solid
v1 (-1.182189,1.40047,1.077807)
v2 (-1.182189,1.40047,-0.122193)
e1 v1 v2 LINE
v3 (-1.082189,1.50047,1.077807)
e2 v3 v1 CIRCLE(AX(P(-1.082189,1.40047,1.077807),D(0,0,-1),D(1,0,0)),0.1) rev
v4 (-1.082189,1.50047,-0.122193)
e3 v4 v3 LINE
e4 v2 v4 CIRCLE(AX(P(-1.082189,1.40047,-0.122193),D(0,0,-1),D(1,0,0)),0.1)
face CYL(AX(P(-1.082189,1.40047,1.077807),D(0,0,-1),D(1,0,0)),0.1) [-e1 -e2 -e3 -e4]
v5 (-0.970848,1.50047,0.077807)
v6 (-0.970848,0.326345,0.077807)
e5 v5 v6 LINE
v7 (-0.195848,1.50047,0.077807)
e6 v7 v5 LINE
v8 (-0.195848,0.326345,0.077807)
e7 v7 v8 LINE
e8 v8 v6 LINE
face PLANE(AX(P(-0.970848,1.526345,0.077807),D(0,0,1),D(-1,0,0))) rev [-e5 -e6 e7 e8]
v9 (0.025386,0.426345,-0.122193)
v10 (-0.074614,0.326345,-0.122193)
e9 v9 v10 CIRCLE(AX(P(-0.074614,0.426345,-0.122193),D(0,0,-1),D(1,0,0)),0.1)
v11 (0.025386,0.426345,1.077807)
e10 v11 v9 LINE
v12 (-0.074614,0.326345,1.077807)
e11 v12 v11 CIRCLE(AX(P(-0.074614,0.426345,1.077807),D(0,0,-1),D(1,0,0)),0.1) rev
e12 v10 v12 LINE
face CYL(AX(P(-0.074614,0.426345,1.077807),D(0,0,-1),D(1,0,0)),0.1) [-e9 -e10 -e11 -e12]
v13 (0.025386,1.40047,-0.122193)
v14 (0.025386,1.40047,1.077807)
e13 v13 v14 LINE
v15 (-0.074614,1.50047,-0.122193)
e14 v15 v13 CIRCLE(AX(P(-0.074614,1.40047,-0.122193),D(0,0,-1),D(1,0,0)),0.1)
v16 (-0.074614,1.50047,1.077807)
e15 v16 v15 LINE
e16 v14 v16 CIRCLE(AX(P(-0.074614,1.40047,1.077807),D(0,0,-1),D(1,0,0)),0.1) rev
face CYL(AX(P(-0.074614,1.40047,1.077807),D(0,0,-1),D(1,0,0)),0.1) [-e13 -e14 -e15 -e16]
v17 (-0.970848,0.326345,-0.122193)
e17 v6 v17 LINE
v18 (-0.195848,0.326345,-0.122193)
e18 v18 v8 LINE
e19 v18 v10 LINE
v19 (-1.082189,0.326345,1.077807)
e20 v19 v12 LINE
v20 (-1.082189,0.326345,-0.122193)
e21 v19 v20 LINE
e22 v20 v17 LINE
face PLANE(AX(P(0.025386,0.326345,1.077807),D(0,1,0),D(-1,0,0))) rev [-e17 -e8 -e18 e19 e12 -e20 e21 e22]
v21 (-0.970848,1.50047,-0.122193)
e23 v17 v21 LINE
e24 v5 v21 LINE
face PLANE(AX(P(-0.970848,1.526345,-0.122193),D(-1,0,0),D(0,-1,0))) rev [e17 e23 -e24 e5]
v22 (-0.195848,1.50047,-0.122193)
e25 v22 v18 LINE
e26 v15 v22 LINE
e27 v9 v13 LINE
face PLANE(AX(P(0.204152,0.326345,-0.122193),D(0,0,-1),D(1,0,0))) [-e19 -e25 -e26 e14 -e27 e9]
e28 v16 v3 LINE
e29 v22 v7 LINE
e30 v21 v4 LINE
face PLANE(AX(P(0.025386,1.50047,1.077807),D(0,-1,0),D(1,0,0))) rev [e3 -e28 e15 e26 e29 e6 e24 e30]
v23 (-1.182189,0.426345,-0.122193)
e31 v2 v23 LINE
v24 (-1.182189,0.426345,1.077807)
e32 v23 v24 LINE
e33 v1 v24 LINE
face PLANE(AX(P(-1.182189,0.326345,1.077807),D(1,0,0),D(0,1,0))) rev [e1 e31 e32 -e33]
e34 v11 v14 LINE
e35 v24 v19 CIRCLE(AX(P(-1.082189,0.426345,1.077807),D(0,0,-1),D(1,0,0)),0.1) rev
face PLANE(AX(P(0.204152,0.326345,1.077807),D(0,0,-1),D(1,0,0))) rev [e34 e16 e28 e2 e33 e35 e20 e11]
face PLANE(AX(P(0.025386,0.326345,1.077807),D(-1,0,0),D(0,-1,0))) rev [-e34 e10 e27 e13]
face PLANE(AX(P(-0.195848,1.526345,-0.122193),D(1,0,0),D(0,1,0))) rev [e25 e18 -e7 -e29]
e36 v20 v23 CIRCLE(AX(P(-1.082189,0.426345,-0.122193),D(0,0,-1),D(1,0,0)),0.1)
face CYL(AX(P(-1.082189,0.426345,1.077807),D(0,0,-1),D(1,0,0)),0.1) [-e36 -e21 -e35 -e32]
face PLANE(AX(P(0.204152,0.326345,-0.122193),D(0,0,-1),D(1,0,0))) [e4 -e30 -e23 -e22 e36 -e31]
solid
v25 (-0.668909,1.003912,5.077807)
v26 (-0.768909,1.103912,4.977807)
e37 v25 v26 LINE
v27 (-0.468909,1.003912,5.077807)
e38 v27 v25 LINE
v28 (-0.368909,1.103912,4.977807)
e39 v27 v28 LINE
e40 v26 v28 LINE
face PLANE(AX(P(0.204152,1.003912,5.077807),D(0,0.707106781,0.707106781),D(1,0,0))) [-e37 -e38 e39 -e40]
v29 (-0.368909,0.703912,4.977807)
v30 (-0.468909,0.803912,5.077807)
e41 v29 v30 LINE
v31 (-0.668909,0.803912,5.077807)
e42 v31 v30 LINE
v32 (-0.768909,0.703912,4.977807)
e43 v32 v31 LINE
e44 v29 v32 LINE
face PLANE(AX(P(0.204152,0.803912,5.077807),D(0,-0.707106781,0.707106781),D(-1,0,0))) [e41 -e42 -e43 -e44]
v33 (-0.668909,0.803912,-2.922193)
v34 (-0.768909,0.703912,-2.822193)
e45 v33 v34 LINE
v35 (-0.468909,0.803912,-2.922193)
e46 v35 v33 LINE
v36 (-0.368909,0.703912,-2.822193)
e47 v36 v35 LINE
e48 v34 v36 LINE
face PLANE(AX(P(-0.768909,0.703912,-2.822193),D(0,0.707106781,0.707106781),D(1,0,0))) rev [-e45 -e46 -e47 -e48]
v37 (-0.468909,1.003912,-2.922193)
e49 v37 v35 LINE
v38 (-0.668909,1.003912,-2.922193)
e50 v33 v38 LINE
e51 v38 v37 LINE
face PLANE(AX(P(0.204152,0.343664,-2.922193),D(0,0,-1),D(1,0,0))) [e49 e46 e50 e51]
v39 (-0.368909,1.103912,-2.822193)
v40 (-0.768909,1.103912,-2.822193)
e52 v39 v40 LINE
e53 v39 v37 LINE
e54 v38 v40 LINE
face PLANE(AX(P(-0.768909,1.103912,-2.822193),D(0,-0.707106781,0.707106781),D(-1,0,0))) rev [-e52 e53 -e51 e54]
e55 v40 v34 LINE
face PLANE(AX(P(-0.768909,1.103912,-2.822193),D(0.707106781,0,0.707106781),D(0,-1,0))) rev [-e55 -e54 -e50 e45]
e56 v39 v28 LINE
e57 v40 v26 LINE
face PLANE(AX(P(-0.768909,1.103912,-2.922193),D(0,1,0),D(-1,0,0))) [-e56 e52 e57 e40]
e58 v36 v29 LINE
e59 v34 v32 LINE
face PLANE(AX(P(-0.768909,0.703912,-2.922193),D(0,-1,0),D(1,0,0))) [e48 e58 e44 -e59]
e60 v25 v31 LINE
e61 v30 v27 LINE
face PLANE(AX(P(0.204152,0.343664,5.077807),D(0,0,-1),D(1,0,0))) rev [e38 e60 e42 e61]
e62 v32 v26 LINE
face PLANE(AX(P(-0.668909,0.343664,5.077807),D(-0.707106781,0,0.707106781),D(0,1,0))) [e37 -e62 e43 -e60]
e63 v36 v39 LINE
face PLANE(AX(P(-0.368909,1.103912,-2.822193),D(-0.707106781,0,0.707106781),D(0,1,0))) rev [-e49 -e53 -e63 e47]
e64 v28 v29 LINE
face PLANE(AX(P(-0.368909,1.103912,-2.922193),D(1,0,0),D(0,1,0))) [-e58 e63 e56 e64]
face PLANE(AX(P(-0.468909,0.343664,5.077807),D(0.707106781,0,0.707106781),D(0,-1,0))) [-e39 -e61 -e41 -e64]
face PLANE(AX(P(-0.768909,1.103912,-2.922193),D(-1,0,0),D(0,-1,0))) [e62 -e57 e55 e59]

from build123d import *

# Parameters (mm, degrees)
SKETCH1_W                = 1.174125683
SKETCH1_H                = 1.207575088
BOSS_EXTRUDE1_DEPTH      = 1.2
FILLET8_R                = 0.1
SKETCH2_W                = 0.775
SKETCH2_H                = 0.2
CUT_EXTRUDE2_DEPTH       = 1.2
BOSS_EXTRUDE8_DEPTH      = 4
BOSS_EXTRUDE8_DEPTH_BACK = 4
SKETCH7_W                = 0.4
SKETCH7_H                = 0.4
CHAMFER1_SIZE            = 0.1
CHAMFER2_SIZE            = 0.1
BODY_MOVE_COPY3_ANGLE    = 120


with BuildPart() as part:
    # Sketch1 → Boss-Extrude1 (new body)
    with BuildSketch(Plane(origin=(0, 0, 0.178765275), x_dir=(1, 0, 0), z_dir=(0, 1, 0))):
        with Locations((-0.587062841, -0.603787544)):
            Rectangle(SKETCH1_W, SKETCH1_H)
    extrude(amount=BOSS_EXTRUDE1_DEPTH)

    # Fillet8
    fillet8_edges = [part.edges().sort_by_distance(p)[0] for p in [
        (0, 0.6, 1.386340362),
        (-1.174125683, 0.6, 1.386340362),
        (-1.174125683, 0.6, 0.178765275),
        (0, 0.6, 0.178765275),
    ]]
    fillet(fillet8_edges, radius=FILLET8_R)

    # Sketch2 → Cut-Extrude2 (cut)
    with BuildSketch(Plane(origin=(0, 0, 0), x_dir=(0, 0, -1), z_dir=(1, 0, 0))):
        with Locations((-0.7875, 0.1)):
            Rectangle(SKETCH2_W, SKETCH2_H)
    extrude(amount=-CUT_EXTRUDE2_DEPTH, mode=Mode.SUBTRACT)


with BuildPart() as body_2:
    # Sketch7 → Boss-Extrude8 (new, two sides: drawn at the far end of the back side and taken through both)
    with BuildSketch(Plane(origin=(0, 1.2, 0), x_dir=(1, 0, 0), z_dir=(0, 1, 0)).offset(-BOSS_EXTRUDE8_DEPTH_BACK)):
        with Locations((-0.56024756, -0.773060748)):
            Rectangle(SKETCH7_W, SKETCH7_H)
    extrude(amount=BOSS_EXTRUDE8_DEPTH + BOSS_EXTRUDE8_DEPTH_BACK)

    # Chamfer1
    chamfer1_edges = [body_2.edges().sort_by_distance(p)[0] for p in [
        (-0.76024756, 5.2, 0.773060748),
        (-0.56024756, 5.2, 0.973060748),
        (-0.36024756, 5.2, 0.773060748),
        (-0.56024756, 5.2, 0.573060748),
    ]]
    chamfer(chamfer1_edges, length=CHAMFER1_SIZE)

    # Chamfer2
    chamfer2_edges = [body_2.edges().sort_by_distance(p)[0] for p in [
        (-0.36024756, -2.8, 0.773060748),
        (-0.56024756, -2.8, 0.573060748),
        (-0.76024756, -2.8, 0.773060748),
        (-0.56024756, -2.8, 0.973060748),
    ]]
    chamfer(chamfer2_edges, length=CHAMFER2_SIZE)


with BuildPart() as body_2_1:
    # Body-Move/Copy3: moved
    add(body_2.part.moved(Location((0, 0, 0))).rotate(Axis((0.176832127, 0.149512672, 0.027319455), (0.5773502691901439, -0.5773502691895168, -0.5773502691892166)), BODY_MOVE_COPY3_ANGLE))


with BuildPart() as part_1:
    # Body-Move/Copy3: moved
    add(part.part.moved(Location((0, 0, 0))).rotate(Axis((0.176832127, 0.149512672, 0.027319455), (0.5773502691901439, -0.5773502691895168, -0.5773502691892166)), BODY_MOVE_COPY3_ANGLE))


with BuildPart() as body_2_2:
    # Body-Move/Copy4: moved
    add(body_2_1.part.moved(Location((0, 0.017319625, 0))))


solid = Compound([part_1.part, body_2_2.part])
